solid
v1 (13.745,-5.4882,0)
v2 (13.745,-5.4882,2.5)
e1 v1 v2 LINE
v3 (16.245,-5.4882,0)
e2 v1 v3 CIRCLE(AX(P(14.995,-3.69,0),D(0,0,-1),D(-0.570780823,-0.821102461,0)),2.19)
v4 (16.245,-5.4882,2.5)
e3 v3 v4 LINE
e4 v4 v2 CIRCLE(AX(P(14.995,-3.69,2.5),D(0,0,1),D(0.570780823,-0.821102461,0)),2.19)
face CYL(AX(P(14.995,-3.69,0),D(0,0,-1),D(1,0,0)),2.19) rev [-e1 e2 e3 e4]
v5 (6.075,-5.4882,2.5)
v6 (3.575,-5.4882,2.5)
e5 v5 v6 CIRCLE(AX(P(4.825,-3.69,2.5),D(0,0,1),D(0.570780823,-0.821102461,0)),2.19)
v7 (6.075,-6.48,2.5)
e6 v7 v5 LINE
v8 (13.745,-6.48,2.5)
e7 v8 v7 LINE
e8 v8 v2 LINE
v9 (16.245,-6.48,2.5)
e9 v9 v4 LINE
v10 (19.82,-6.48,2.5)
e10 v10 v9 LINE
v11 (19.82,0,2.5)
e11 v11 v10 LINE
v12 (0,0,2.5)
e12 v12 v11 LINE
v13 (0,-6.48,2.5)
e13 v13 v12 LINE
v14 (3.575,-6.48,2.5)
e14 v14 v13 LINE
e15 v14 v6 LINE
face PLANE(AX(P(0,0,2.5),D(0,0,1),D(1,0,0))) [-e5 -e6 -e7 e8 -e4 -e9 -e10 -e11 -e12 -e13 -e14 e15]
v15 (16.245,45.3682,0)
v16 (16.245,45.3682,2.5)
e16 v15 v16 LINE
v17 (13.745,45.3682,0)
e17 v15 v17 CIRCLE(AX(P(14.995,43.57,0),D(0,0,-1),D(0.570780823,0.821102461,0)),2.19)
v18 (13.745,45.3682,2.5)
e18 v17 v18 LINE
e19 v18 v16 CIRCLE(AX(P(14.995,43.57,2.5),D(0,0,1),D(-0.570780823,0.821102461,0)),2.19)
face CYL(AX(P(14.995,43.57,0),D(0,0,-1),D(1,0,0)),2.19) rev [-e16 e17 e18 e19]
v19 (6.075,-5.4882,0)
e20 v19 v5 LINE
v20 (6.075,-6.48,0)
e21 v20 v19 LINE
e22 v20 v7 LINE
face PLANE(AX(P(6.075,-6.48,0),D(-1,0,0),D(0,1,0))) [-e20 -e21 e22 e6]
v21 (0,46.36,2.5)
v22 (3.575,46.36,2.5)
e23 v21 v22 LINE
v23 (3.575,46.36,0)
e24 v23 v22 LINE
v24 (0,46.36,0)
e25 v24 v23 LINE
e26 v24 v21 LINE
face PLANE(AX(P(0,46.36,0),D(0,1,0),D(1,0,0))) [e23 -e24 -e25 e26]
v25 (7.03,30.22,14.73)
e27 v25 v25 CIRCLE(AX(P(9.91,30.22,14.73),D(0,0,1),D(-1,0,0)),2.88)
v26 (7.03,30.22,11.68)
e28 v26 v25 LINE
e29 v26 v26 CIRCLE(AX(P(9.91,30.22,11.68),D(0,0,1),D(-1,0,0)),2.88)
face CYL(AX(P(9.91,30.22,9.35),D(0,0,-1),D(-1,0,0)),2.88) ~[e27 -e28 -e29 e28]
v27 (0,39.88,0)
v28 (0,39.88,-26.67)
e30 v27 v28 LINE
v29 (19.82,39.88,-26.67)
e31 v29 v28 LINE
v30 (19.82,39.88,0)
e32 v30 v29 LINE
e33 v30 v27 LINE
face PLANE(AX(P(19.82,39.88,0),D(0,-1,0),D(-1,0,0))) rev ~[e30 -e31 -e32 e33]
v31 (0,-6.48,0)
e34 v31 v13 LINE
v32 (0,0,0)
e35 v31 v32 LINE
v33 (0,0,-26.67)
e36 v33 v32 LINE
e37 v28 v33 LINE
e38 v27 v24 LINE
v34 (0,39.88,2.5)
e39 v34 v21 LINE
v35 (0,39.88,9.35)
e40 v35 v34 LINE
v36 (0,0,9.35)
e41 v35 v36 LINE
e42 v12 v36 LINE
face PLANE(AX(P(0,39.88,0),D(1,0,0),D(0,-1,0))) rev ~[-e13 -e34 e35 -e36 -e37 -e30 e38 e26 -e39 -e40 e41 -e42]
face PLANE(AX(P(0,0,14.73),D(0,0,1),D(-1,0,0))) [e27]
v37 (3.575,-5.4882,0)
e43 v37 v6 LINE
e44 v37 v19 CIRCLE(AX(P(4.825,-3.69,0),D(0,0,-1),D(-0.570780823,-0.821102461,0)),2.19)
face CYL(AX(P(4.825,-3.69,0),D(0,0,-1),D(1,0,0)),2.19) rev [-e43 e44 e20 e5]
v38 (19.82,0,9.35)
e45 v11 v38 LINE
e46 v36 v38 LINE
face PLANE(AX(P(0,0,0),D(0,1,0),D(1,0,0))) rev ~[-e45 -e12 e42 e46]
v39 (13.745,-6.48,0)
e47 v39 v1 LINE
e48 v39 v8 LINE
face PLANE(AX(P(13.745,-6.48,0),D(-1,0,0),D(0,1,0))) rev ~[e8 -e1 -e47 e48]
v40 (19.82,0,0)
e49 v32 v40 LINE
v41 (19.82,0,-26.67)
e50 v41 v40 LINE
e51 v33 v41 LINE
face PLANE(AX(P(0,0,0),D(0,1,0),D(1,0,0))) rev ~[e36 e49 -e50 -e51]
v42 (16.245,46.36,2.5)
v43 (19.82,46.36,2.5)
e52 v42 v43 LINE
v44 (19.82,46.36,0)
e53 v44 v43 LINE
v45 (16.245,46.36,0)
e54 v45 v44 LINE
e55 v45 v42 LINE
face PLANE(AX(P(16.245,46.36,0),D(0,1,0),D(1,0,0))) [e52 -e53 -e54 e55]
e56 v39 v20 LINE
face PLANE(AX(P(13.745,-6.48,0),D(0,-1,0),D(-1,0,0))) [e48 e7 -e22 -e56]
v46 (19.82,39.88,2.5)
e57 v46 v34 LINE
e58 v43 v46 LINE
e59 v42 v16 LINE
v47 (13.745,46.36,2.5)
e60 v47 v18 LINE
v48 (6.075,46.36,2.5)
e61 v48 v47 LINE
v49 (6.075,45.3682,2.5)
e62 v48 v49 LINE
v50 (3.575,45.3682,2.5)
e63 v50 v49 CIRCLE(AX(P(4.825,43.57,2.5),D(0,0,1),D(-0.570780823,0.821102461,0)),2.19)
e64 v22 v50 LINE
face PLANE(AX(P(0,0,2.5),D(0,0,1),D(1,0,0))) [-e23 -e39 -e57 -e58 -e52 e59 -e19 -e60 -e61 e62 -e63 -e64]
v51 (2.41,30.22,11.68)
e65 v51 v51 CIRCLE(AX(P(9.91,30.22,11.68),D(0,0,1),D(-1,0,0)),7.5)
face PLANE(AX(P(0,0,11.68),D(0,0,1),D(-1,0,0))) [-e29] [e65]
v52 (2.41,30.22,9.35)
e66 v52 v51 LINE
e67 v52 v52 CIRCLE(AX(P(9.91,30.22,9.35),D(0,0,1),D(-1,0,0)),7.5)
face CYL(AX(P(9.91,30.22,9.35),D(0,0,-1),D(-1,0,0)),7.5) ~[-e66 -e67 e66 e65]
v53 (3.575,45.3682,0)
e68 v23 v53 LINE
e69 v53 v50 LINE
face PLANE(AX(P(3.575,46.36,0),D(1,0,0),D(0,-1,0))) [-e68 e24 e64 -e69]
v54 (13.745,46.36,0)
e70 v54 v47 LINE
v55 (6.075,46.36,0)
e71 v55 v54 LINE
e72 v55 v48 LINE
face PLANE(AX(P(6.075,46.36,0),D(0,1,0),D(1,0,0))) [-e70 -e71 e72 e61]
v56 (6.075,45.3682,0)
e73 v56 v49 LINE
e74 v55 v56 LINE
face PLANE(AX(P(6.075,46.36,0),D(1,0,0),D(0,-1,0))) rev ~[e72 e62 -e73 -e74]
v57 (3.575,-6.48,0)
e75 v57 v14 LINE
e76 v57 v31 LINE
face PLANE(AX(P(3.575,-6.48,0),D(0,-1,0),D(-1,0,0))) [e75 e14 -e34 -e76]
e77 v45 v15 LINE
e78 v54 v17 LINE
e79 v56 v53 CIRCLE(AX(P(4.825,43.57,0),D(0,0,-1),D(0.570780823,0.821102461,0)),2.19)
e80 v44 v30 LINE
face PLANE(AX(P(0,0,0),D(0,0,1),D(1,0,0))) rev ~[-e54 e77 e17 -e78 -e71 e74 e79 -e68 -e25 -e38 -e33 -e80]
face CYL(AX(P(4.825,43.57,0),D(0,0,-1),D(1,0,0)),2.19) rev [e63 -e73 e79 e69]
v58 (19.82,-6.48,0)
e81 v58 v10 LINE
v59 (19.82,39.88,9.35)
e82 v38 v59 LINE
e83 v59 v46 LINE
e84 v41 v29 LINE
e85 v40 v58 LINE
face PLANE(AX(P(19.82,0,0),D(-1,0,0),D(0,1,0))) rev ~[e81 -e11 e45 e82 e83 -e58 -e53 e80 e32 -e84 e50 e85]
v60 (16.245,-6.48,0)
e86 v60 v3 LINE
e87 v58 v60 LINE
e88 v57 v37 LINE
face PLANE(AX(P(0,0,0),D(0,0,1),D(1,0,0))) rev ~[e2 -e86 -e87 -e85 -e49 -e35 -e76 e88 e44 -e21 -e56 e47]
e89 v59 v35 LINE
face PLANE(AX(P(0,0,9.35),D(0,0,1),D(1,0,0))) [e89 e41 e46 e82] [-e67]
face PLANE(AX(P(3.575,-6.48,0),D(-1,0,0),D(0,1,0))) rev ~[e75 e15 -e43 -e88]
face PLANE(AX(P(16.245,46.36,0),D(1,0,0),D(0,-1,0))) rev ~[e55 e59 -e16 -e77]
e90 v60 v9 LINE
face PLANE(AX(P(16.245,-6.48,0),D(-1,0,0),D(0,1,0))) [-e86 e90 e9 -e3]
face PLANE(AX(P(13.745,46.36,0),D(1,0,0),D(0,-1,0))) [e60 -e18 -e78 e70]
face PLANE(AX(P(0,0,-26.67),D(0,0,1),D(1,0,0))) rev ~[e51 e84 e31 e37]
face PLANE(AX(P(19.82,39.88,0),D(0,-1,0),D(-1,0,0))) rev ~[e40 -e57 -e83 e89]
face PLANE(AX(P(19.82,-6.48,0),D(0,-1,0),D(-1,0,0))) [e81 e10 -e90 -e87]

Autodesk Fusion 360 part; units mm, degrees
sketch "Sketch1" plane through (0, 0, 0) normal (0, 0, 1) x (1, 0, 0)
  line L0 (0, 0) -> (19.82, 0)
  line L1 (19.82, 0) -> (19.82, 39.88)
  line L2 (19.82, 39.88) -> (0, 39.88)
  line L3 (0, 39.88) -> (0, 0)
  line L4 (0, 46.36) -> (19.82, 46.36)
  line L5 (19.82, 46.36) -> (19.82, -6.48)
  line L6 (19.82, -6.48) -> (0, -6.48)
  line L7 (0, -6.48) -> (0, 46.36)
  line L8 (9.91, 39.88) -> (9.91, 0) construction
  line L9 (19.82, 19.94) -> (0, 19.94) construction
  circle A0 centre (4.825, 43.57) radius 2.19
  circle A1 centre (14.995, 43.57) radius 2.19
  circle A2 centre (4.825, -3.69) radius 2.19
  circle A3 centre (14.995, -3.69) radius 2.19
  line L10 (3.575, 46.36) -> (3.575, 45.3682)
  line L11 (6.075, 46.36) -> (6.075, 45.3682)
  line L12 (13.745, 46.36) -> (13.745, 45.3682)
  line L13 (16.245, 46.36) -> (16.245, 45.3682)
  line L14 (3.575, -6.48) -> (3.575, -5.4882)
  line L15 (6.075, -6.48) -> (6.075, -5.4882)
  line L16 (13.745, -6.48) -> (13.745, -5.4882)
  line L17 (16.245, -6.48) -> (16.245, -5.4882)
  point P0 (4.825, 43.57)
  point P1 (14.995, 43.57)
  point P2 (4.825, -3.69)
  point P3 (14.995, -3.69)
  dimension "d1" = 19.82
  dimension "d2" = 39.88
  dimension "d3" = 52.84
  dimension "d4" = 47.26
  dimension "d5" = 10.17
  dimension "d15" = 4.38
  dimension "d16" = 2.5
  dimension "d17" = 2.5
extrude "Extrude1" add sketch "Sketch1" along normal blind 9.35 and the other way blind 26.67 contours L0 L1 L2 L3 L5 L7
extrude "Extrude2" add sketch "Sketch1" along normal blind 2.5 contours L0 L5 L6 L7 A2 A3 L14 L15 L16 L17 | L2 L4 L5 L7 A0 A1 L10 L11 L12 L13
sketch "Sketch3" plane through (0, 0, 9.35) normal (0, 0, 1) x (-1, 0, 0)
  line L0 (-19.82, -39.88) -> (0, -39.88)
  line L1 (0, -39.88) -> (0, 0)
  line L2 (0, 0) -> (-19.82, 0)
  line L3 (-19.82, 0) -> (-19.82, -39.88)
  circle A0 centre (-9.91, -30.22) radius 7.5
  circle A1 centre (-9.91, -30.22) radius 2.88
  line L4 (-9.91, -39.88) -> (-9.91, -30.22) construction
  dimension "d19" = 9.66
  dimension "d20" = 15
  dimension "d21" = 5.76
extrude "Extrude3" add sketch "Sketch3" along normal blind 2.33 contours A0
extrude "Extrude4" add sketch "Sketch3" along normal blind 5.38 contours A1
equation "d4 = 13.47 mm + 33.79 mm"
equation "d21 = ( 2.88 * 2 ) * 1 mm"
equation "d22 = 11.68 mm - 9.35 mm"
equation "d24 = 11.68 mm - 9.35 mm + 3.05 mm"
